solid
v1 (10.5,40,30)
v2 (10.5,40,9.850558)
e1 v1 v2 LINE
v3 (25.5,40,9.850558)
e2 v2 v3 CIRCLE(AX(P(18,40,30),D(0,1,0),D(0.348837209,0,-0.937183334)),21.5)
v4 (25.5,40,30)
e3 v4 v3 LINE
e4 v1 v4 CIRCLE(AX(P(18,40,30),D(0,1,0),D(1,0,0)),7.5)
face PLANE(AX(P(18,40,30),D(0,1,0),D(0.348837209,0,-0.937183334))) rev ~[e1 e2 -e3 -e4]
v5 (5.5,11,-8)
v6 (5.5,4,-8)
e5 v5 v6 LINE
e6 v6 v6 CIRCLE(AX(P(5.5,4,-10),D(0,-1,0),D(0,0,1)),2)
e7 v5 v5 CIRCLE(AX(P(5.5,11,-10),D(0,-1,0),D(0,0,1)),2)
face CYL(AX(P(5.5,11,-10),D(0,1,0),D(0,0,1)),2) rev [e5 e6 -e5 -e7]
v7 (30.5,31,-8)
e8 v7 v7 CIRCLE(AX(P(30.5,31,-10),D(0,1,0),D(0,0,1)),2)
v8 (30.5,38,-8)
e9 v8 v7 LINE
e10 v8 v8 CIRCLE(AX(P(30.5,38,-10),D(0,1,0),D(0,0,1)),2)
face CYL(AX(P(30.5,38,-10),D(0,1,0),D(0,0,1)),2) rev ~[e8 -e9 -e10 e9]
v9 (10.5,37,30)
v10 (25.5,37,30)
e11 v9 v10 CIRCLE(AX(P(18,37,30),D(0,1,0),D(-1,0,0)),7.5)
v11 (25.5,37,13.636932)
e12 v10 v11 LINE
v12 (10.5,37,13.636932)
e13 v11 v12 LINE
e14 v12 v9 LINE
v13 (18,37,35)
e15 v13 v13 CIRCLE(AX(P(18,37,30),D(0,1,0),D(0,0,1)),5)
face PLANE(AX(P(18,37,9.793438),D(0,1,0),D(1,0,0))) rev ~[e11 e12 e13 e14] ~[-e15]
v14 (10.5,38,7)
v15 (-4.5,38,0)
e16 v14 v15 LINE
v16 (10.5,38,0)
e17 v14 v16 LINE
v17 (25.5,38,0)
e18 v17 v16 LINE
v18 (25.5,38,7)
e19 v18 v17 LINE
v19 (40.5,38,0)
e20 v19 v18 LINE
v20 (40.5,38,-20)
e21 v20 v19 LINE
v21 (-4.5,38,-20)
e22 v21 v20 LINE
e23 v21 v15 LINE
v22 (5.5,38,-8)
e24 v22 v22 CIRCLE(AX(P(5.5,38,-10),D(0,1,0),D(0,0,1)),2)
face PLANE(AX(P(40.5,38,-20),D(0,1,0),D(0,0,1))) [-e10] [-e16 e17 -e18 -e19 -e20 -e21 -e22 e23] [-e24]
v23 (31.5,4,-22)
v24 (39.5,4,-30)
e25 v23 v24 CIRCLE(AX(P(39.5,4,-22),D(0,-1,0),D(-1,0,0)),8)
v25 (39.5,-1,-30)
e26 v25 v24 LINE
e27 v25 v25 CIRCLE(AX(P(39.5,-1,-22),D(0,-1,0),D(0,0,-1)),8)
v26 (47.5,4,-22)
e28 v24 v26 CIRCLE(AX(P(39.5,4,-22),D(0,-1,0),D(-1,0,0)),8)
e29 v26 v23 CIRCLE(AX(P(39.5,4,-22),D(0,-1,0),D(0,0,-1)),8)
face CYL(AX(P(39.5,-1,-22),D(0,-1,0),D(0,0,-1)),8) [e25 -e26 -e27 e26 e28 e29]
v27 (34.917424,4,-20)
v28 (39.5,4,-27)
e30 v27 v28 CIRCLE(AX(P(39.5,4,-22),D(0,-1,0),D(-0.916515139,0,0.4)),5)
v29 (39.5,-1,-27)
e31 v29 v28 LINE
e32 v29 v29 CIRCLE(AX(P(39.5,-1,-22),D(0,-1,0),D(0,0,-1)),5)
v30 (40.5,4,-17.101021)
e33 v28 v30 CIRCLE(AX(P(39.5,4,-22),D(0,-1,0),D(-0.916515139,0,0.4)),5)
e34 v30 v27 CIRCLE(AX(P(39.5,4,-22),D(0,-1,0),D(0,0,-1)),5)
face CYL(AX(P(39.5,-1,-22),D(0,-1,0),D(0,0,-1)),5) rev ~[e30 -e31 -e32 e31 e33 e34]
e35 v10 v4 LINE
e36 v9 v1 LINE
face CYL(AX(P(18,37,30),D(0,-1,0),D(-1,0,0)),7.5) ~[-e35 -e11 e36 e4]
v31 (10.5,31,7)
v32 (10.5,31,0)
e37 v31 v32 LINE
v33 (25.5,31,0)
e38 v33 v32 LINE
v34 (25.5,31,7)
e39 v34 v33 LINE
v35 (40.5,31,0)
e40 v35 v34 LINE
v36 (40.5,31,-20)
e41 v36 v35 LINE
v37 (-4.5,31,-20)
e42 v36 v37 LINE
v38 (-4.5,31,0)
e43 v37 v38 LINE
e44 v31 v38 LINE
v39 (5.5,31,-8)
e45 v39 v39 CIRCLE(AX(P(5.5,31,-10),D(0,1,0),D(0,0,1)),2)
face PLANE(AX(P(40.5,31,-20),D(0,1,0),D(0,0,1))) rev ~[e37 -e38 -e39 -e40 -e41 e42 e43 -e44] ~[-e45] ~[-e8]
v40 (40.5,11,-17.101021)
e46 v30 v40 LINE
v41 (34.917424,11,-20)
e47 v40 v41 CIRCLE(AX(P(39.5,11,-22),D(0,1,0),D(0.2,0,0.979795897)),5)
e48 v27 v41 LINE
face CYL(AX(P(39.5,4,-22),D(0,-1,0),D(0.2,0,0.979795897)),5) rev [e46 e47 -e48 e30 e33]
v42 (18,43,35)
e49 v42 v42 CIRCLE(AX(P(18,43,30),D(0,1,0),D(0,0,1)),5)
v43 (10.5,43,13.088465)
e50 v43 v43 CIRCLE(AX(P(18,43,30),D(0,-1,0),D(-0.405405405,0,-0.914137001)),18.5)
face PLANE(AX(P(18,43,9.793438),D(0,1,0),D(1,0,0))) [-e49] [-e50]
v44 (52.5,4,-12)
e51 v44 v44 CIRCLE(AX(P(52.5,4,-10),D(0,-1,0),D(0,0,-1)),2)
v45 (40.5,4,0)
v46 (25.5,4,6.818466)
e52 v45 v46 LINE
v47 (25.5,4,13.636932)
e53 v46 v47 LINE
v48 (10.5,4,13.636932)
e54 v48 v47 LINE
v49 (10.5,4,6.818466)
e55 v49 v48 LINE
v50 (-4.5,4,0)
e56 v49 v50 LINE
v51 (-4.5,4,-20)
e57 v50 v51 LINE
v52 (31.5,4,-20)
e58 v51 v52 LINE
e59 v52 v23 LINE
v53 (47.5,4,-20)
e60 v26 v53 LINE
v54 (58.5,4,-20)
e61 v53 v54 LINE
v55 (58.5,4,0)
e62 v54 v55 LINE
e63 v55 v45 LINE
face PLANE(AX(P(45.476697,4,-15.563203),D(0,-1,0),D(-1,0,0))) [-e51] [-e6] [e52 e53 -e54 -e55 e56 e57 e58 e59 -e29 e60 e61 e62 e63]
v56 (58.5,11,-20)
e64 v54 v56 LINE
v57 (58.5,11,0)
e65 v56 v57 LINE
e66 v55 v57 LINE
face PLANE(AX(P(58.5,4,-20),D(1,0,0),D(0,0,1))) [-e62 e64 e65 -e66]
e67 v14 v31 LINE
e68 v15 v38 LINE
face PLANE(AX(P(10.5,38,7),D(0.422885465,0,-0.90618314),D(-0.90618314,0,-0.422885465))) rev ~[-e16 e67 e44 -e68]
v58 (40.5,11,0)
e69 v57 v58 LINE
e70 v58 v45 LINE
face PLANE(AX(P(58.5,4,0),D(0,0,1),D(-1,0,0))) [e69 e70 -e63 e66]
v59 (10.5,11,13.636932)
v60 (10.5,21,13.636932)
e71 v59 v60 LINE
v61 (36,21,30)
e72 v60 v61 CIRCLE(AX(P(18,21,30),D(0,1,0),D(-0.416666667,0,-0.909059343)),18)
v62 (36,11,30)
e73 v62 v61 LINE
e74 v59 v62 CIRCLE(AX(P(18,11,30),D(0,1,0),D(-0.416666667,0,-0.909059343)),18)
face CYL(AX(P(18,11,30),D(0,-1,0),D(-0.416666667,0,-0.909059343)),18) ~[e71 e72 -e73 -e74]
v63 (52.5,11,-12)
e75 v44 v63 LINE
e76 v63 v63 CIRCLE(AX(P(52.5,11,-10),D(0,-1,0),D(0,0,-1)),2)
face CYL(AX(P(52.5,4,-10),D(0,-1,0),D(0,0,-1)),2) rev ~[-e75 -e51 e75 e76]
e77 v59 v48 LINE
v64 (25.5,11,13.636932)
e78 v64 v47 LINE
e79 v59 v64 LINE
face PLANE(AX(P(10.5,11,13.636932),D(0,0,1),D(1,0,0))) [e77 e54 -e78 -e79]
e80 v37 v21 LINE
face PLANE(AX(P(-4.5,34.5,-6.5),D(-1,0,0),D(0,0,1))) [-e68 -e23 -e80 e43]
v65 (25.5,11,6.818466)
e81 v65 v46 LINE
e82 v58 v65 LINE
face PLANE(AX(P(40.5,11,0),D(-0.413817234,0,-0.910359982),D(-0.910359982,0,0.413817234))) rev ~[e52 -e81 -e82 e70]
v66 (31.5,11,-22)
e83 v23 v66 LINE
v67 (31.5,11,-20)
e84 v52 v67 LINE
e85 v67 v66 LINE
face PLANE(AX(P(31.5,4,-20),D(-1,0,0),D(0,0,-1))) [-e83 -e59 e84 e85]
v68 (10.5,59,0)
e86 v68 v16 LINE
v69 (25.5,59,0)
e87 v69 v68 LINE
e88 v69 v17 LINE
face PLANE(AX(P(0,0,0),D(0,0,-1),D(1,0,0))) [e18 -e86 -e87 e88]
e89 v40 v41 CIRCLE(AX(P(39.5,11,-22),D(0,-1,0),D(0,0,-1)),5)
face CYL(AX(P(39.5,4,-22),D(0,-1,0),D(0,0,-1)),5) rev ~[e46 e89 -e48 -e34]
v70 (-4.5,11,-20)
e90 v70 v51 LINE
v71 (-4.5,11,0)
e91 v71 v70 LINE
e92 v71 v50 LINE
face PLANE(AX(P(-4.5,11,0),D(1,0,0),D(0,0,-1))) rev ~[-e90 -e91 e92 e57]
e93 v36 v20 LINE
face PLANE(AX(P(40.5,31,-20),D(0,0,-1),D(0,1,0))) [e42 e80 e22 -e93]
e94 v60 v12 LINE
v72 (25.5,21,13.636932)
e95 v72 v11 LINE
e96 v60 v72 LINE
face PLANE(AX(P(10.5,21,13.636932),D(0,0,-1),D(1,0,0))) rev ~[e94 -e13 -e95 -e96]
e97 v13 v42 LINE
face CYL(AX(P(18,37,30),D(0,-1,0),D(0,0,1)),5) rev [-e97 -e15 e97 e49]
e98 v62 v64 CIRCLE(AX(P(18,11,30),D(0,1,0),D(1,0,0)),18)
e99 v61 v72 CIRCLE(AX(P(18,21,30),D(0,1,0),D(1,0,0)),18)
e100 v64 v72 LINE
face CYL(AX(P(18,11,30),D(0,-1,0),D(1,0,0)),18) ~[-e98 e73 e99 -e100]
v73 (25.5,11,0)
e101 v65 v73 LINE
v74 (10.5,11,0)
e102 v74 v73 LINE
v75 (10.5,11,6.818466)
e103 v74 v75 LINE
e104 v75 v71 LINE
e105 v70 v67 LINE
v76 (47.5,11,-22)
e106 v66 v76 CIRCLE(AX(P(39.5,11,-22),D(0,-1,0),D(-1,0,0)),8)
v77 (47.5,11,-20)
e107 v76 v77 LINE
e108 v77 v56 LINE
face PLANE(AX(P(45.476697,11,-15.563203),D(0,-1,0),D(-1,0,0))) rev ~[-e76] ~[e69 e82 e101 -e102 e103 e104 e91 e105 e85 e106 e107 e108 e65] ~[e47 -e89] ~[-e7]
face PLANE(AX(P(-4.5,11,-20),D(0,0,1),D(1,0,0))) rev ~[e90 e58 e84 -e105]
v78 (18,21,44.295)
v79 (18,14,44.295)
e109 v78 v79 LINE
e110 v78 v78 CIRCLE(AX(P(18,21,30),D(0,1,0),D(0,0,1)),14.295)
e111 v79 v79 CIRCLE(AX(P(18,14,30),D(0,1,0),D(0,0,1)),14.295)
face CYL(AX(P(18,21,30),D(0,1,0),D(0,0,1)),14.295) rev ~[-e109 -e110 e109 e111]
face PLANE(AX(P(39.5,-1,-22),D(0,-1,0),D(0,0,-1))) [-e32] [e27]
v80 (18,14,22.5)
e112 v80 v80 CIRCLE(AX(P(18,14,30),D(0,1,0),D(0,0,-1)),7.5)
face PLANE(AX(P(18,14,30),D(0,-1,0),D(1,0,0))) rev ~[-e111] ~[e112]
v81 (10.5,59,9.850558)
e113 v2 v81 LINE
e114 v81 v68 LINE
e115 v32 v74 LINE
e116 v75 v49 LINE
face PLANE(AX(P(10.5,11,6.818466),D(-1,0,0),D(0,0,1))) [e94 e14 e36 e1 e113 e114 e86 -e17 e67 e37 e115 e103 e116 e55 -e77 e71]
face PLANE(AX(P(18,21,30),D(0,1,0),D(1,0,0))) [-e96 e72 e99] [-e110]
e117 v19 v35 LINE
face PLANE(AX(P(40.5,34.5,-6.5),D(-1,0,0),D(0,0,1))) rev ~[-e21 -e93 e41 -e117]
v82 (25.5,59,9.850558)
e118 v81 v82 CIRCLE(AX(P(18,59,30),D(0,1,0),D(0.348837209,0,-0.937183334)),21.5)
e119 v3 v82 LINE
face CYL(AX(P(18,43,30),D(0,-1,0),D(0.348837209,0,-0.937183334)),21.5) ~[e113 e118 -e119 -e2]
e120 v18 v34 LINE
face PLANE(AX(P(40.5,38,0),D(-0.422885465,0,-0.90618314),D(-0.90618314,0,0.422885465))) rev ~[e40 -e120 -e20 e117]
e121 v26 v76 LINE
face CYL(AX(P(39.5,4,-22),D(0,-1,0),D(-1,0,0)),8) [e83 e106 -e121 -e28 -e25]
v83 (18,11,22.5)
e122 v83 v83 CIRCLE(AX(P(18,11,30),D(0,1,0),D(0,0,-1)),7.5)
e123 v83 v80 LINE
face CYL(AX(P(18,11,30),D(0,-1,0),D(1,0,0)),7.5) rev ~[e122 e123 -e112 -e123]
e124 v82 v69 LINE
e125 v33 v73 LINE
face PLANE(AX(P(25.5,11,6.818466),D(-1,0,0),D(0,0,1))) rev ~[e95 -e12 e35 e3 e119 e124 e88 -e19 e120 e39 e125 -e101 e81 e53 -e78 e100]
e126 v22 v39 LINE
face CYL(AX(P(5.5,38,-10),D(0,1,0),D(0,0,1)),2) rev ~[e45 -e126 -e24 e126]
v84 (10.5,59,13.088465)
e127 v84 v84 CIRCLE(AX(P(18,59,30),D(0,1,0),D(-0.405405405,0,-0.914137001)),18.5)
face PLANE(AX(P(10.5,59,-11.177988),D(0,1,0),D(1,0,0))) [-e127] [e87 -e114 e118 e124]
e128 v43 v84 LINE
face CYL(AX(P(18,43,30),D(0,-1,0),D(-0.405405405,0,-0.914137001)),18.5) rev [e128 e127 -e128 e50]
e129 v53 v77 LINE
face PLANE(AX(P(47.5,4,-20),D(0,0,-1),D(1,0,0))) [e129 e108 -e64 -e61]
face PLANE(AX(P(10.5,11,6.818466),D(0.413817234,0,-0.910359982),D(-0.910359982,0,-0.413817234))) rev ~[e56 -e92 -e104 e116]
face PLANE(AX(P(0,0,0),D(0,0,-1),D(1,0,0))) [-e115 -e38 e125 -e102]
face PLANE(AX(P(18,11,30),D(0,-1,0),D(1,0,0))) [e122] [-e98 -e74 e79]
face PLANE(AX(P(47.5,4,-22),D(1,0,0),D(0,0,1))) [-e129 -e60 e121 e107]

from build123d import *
from build123d.topology import SkipClean

# Parameters (mm, degrees)
ESQUISSE1_W              = 36
ESQUISSE1_H              = 20
BOSS_EXTRU_1_DEPTH       = 5
ESQUISSE2_W              = 15
ESQUISSE2_H              = 10.591208458
ESQUISSE2_H_2            = 4
BOSS_EXTRU_2_DEPTH       = 32
ESQUISSE3_R              = 5
BOSS_EXTRU_3_DEPTH       = 6
ESQUISSE4_R              = 21.5
ESQUISSE4_R_2            = 18.5
BOSS_EXTRU_4_DEPTH       = 16
BOSS_EXTRU_5_START       = -3
ESQUISSE5_R              = 21.5
ESQUISSE5_R_2            = 7.5
BOSS_EXTRU_5_DEPTH       = 3
ESQUISSE6_W              = 15
ESQUISSE6_H              = 3.413220749
BOSS_EXTRU_6_DEPTH       = 16
ESQUISSE8_R              = 2
ENL_V_MAT_EXTRU_1_DEPTH  = 16
ESQUISSE9_W              = 15
ESQUISSE9_H              = 10
BOSS_EXTRU_7_DEPTH       = 30
BOSS_EXTRU_8_START       = -10
ESQUISSE10_R             = 21.5
ESQUISSE10_R_2           = 15
BOSS_EXTRU_8_DEPTH       = 10
ESQUISSE11_R             = 15
ESQUISSE11_R_2           = 7.5
BOSS_EXTRU_9_DEPTH       = 3
ESQUISSE12_R             = 15
ENL_V_MAT_EXTRU_2_DEPTH  = 7
ESQUISSE13_R             = 7.5
ENL_V_MAT_EXTRU_3_DEPTH  = 7
BOSS_EXTRU_10_START      = 7
ESQUISSE14_R             = 15
ESQUISSE14_R_2           = 14.295
BOSS_EXTRU_10_DEPTH      = 7
ENL_V_MAT_EXTRU_4_DEPTH  = 10
ESQUISSE16_W             = 15
ESQUISSE16_H             = 16
BOSS_EXTRU_11_DEPTH      = 22
ESQUISSE18_W             = 15
ESQUISSE18_H             = 13.636931828
BOSS_EXTRU_12_DEPTH      = 22
ESQUISSE19_W             = 36
ESQUISSE19_H             = 20
ENL_V_MAT_EXTRU_5_DEPTH  = 88.712598867
ESQUISSE20_W             = 15
ESQUISSE20_H             = 7
BOSS_EXTRU_13_DEPTH      = 20
BOSS_EXTRU_14_DEPTH      = 15
BOSS_EXTRU_14_DEPTH_BACK = 30
ESQUISSE22_W             = 27
ESQUISSE22_H             = 7
ESQUISSE23_R             = 2
ENL_V_MAT_EXTRU_6_DEPTH  = 71.862542997
ESQUISSE24_R             = 2
ESQUISSE24_W             = 15
ESQUISSE24_H             = 6.818465914
BOSS_EXTRU_15_DEPTH      = 7
ESQUISSE25_R             = 2
BOSS_EXTRU_16_DEPTH      = 7
ESQUISSE27_R             = 5
ENL_V_MAT_EXTRU_7_DEPTH  = 7
BOSS_EXTRU_18_START      = 5
ESQUISSE28_R             = 8
ESQUISSE28_R_2           = 5
BOSS_EXTRU_18_DEPTH      = 5


with BuildPart() as part:
    # Esquisse1 → Boss.-Extru.1 (new body)
    with BuildSketch(Plane(origin=(0, 0, 0), x_dir=(1, 0, 0), z_dir=(0, 1, 0))):
        with Locations((18, 10)):
            Rectangle(ESQUISSE1_W, ESQUISSE1_H)
    extrude(amount=BOSS_EXTRU_1_DEPTH)

    # Esquisse2 → Boss.-Extru.2 (add)
    with BuildSketch(Plane(origin=(0, 5, 0), x_dir=(1, 0, 0), z_dir=(0, 1, 0))):
        with Locations((18, 5.295604229)):
            Rectangle(ESQUISSE2_W, ESQUISSE2_H)
        with Locations((18, 12.591208458)):
            Rectangle(ESQUISSE2_W, ESQUISSE2_H_2)
    extrude(amount=BOSS_EXTRU_2_DEPTH)

    # Esquisse3 → Boss.-Extru.3 (add)
    with BuildSketch(Plane(origin=(0, 37, 0), x_dir=(1, 0, 0), z_dir=(0, 1, 0))):
        with BuildLine():
            Line((10.5, 14.591208458), (10.5, -30))
            ThreePointArc((10.5, -30), (18, -37.5), (25.5, -30))
            Line((25.5, -30), (25.5, 14.591208458))
            Line((25.5, 14.591208458), (10.5, 14.591208458))
        make_face()
        with Locations(Location((18, -30, 0), (0, 0, 270))):
            Circle(ESQUISSE3_R, mode=Mode.SUBTRACT)
    extrude(amount=BOSS_EXTRU_3_DEPTH)

    # Esquisse4 → Boss.-Extru.4 (add)
    with BuildSketch(Plane(origin=(0, 43, 0), x_dir=(1, 0, 0), z_dir=(0, 1, 0))):
        with Locations(Location((18, -30, 0), (0, 0, 69.583789871))):
            Circle(ESQUISSE4_R)
        with Locations(Location((18, -30, 0), (0, 0, 113.916534422))):
            Circle(ESQUISSE4_R_2, mode=Mode.SUBTRACT)
    extrude(amount=BOSS_EXTRU_4_DEPTH)

    # Esquisse5 → Boss.-Extru.5 (add)
    with BuildSketch(Plane(origin=(0, 43, 0), x_dir=(1, 0, 0), z_dir=(0, 1, 0)).offset(BOSS_EXTRU_5_START)):
        with Locations(Location((18, -30, 0), (0, 0, 69.583789871))):
            Circle(ESQUISSE5_R)
        with Locations((18, -30)):
            Circle(ESQUISSE5_R_2, mode=Mode.SUBTRACT)
    extrude(amount=BOSS_EXTRU_5_DEPTH)

    # Esquisse6 → Boss.-Extru.6 (add)
    with BuildSketch(Plane(origin=(0, 43, 0), x_dir=(1, 0, 0), z_dir=(0, 1, 0))):
        with Locations((18, 12.884598084)):
            Rectangle(ESQUISSE6_W, ESQUISSE6_H)
    extrude(amount=BOSS_EXTRU_6_DEPTH)

    # Esquisse8 → Enlèv. mat.-Extru.1 (cut)
    with BuildSketch(Plane.XZ):
        with Locations(Location((6, -10, 0), (0, 0, 270))):
            Circle(ESQUISSE8_R)
        with Locations(Location((30, -10, 0), (0, 0, 270))):
            Circle(ESQUISSE8_R)
    extrude(amount=-ENL_V_MAT_EXTRU_1_DEPTH, mode=Mode.SUBTRACT)

    # Esquisse9 → Boss.-Extru.7 (add)
    with BuildSketch(Plane.XY):
        with Locations((18, 16)):
            Rectangle(ESQUISSE9_W, ESQUISSE9_H)
    extrude(amount=BOSS_EXTRU_7_DEPTH)

    # Esquisse10 → Boss.-Extru.8 (add)
    with BuildSketch(Plane.XZ.offset(-11).offset(BOSS_EXTRU_8_START)):
        with Locations(Location((18, 30, 0), (0, 0, 290.416210129))):
            Circle(ESQUISSE10_R)
        with Locations((18, 30)):
            Circle(ESQUISSE10_R_2, mode=Mode.SUBTRACT)
    extrude(amount=BOSS_EXTRU_8_DEPTH)

    # Esquisse11 → Boss.-Extru.9 (add)
    with BuildSketch(Plane.XZ.offset(-11)):
        with Locations((18, 30)):
            Circle(ESQUISSE11_R)
        with Locations((18, 30)):
            Circle(ESQUISSE11_R_2, mode=Mode.SUBTRACT)
    extrude(amount=-BOSS_EXTRU_9_DEPTH)

    # Esquisse12 → Enlèv. mat.-Extru.2 (cut)
    with BuildSketch(Plane(origin=(0, 21, 0), x_dir=(1, 0, 0), z_dir=(0, 1, 0))):
        with Locations(Location((18, -30, 0), (0, 0, 90))):
            Circle(ESQUISSE12_R)
    extrude(amount=-ENL_V_MAT_EXTRU_2_DEPTH, mode=Mode.SUBTRACT)

    # Esquisse13 → Enlèv. mat.-Extru.3 (cut)
    with BuildSketch(Plane.XZ.offset(-11)):
        with Locations(Location((18, 30, 0), (0, 0, 270))):
            Circle(ESQUISSE13_R)
    extrude(amount=-ENL_V_MAT_EXTRU_3_DEPTH, mode=Mode.SUBTRACT)

    # Esquisse14 → Boss.-Extru.10 (add)
    with BuildSketch(Plane(origin=(0, 14, 0), x_dir=(1, 0, 0), z_dir=(0, 1, 0)).offset(BOSS_EXTRU_10_START)):
        with Locations((18, -30)):
            Circle(ESQUISSE14_R)
        with Locations(Location((18, -30, 0), (0, 0, 270))):
            Circle(ESQUISSE14_R_2, mode=Mode.SUBTRACT)
    extrude(amount=-BOSS_EXTRU_10_DEPTH)

    # Esquisse15 → Enlèv. mat.-Extru.4 (cut)
    with BuildSketch(Plane.XZ.offset(-11)):
        with BuildLine():
            ThreePointArc((39.5, 30), (5.732155854, 47.656443583), (10.5, 9.85055832))
            Line((10.5, 9.85055832), (10.5, 13.636931828))
            ThreePointArc((10.5, 13.636931828), (8.278888952, 45.149257408), (36, 30))
            ThreePointArc((36, 30), (33.149257408, 20.278888952), (25.5, 13.636931828))
            Line((25.5, 13.636931828), (25.5, 9.85055832))
            ThreePointArc((25.5, 9.85055832), (35.656443583, 17.732155854), (39.5, 30))
        make_face()
    extrude(amount=-ENL_V_MAT_EXTRU_4_DEPTH, mode=Mode.SUBTRACT)

    # Esquisse16 → Boss.-Extru.11 (add)
    with BuildSketch(Plane.XY.offset(-11.177987709)):
        with Locations((18, 51)):
            Rectangle(ESQUISSE16_W, ESQUISSE16_H)
    extrude(amount=BOSS_EXTRU_11_DEPTH)

    # Esquisse18 → Boss.-Extru.12 (add)
    with BuildSketch(Plane(origin=(0, 21, 0), x_dir=(1, 0, 0), z_dir=(0, 1, 0))):
        with Locations((18, -6.818465914)):
            Rectangle(ESQUISSE18_W, ESQUISSE18_H)
    extrude(amount=BOSS_EXTRU_12_DEPTH)

    # Esquisse19 → Enlèv. mat.-Extru.5 (cut, through all)
    with BuildSketch(Plane.XZ):
        with Locations((18, -10)):
            Rectangle(ESQUISSE19_W, ESQUISSE19_H)
    extrude(amount=-ENL_V_MAT_EXTRU_5_DEPTH, mode=Mode.SUBTRACT)

    # Esquisse20 → Boss.-Extru.13 (add)
    with BuildSketch(Plane(origin=(0, 0, 0), x_dir=(-1, 0, 0), z_dir=(0, 0, -1))):
        with Locations((-18, 34.5)):
            Rectangle(ESQUISSE20_W, ESQUISSE20_H)
    extrude(amount=BOSS_EXTRU_13_DEPTH)

    # Esquisse22 → Boss.-Extru.14 (add, two sides: drawn at the far end of the back side and taken through both)
    with BuildSketch(Plane.ZY.offset(-10.5).offset(-BOSS_EXTRU_14_DEPTH_BACK)):
        with Locations((-6.5, 34.5)):
            Rectangle(ESQUISSE22_W, ESQUISSE22_H)
    extrude(amount=BOSS_EXTRU_14_DEPTH + BOSS_EXTRU_14_DEPTH_BACK)

    # Esquisse23 → Enlèv. mat.-Extru.6 (cut, through all)
    with BuildSketch(Plane(origin=(0, 38, 0), x_dir=(1, 0, 0), z_dir=(0, 1, 0))):
        with Locations(Location((30.5, 10, 0), (0, 0, 270))):
            Circle(ESQUISSE23_R)
        with Locations(Location((5.5, 10, 0), (0, 0, 270))):
            Circle(ESQUISSE23_R)
        Polygon((-4.5, -7), (10.5, -7), (-4.5, 0), align=None)
        Polygon((40.5, -7), (40.5, 0), (25.5, -7), align=None)
    extrude(amount=-ENL_V_MAT_EXTRU_6_DEPTH, mode=Mode.SUBTRACT)

    # Esquisse24 → Boss.-Extru.15 (add)
    # profile 1 of 5: a face of its own
    with BuildSketch(Plane.XZ.offset(-11)):
        Polygon((10.5, 6.818465914), (-4.5, 0), (10.5, 0), align=None)
    # profile 2 of 5: a face of its own
    with BuildSketch(Plane.XZ.offset(-11)):
        Polygon((10.5, 0), (-4.5, 0), (-4.5, -20), (40.5, -20), (40.5, 0), (25.5, 0), align=None)
        with Locations(Location((5.5, -10, 0), (0, 0, 90))):
            Circle(ESQUISSE24_R, mode=Mode.SUBTRACT)
    # profile 3 of 5: a face of its own
    with BuildSketch(Plane.XZ.offset(-11)):
        with Locations((18, 3.409232957)):
            Rectangle(ESQUISSE24_W, ESQUISSE24_H)
    # profile 4 of 5: a face of its own
    with BuildSketch(Plane.XZ.offset(-11)):
        with Locations((18, 10.227698871)):
            Rectangle(ESQUISSE24_W, ESQUISSE24_H)
    # profile 5 of 5: a face of its own
    with BuildSketch(Plane.XZ.offset(-11)):
        Polygon((25.5, 6.818465914), (25.5, 0), (40.5, 0), align=None)
    extrude(amount=BOSS_EXTRU_15_DEPTH)

    # Esquisse25 → Boss.-Extru.16 (add)
    with BuildSketch(Plane(origin=(0, 4, 0), x_dir=(-1, 0, 0), z_dir=(0, -1, 0))):
        with BuildLine():
            Line((-34.917424305, 20), (-31.5, 20))
            Line((-31.5, 20), (-31.5, 22))
            ThreePointArc((-31.5, 22), (-39.5, 30), (-47.5, 22))
            Line((-47.5, 22), (-47.5, 20))
            Line((-47.5, 20), (-58.5, 20))
            Line((-58.5, 20), (-58.5, 0))
            Line((-58.5, 0), (-40.5, 0))
            Line((-40.5, 0), (-40.5, 17.101020514))
            ThreePointArc((-40.5, 17.101020514), (-41.804285717, 26.437371669), (-34.917424305, 20))
        make_face()
        with Locations(Location((-52.5, 10, 0), (0, 0, 90))):
            Circle(ESQUISSE25_R, mode=Mode.SUBTRACT)
    extrude(amount=-BOSS_EXTRU_16_DEPTH)

    # Esquisse27 → Enlèv. mat.-Extru.7 (cut)
    with BuildSketch(Plane.XZ.offset(-4)):
        with Locations(Location((39.5, -22, 0), (0, 0, 270))):
            Circle(ESQUISSE27_R)
    extrude(amount=-ENL_V_MAT_EXTRU_7_DEPTH, mode=Mode.SUBTRACT)

    # Esquisse28 → Boss.-Extru.18 (add)
    with SkipClean():  # the faces are left unmerged after this step: merging them gives an invalid solid
        with BuildSketch(Plane.XZ.offset(-4).offset(BOSS_EXTRU_18_START)):
            with Locations(Location((39.5, -22, 0), (0, 0, 270))):
                Circle(ESQUISSE28_R)
            with Locations(Location((39.5, -22, 0), (0, 0, 270))):
                Circle(ESQUISSE28_R_2, mode=Mode.SUBTRACT)
        extrude(amount=-BOSS_EXTRU_18_DEPTH)


solid = part.part
